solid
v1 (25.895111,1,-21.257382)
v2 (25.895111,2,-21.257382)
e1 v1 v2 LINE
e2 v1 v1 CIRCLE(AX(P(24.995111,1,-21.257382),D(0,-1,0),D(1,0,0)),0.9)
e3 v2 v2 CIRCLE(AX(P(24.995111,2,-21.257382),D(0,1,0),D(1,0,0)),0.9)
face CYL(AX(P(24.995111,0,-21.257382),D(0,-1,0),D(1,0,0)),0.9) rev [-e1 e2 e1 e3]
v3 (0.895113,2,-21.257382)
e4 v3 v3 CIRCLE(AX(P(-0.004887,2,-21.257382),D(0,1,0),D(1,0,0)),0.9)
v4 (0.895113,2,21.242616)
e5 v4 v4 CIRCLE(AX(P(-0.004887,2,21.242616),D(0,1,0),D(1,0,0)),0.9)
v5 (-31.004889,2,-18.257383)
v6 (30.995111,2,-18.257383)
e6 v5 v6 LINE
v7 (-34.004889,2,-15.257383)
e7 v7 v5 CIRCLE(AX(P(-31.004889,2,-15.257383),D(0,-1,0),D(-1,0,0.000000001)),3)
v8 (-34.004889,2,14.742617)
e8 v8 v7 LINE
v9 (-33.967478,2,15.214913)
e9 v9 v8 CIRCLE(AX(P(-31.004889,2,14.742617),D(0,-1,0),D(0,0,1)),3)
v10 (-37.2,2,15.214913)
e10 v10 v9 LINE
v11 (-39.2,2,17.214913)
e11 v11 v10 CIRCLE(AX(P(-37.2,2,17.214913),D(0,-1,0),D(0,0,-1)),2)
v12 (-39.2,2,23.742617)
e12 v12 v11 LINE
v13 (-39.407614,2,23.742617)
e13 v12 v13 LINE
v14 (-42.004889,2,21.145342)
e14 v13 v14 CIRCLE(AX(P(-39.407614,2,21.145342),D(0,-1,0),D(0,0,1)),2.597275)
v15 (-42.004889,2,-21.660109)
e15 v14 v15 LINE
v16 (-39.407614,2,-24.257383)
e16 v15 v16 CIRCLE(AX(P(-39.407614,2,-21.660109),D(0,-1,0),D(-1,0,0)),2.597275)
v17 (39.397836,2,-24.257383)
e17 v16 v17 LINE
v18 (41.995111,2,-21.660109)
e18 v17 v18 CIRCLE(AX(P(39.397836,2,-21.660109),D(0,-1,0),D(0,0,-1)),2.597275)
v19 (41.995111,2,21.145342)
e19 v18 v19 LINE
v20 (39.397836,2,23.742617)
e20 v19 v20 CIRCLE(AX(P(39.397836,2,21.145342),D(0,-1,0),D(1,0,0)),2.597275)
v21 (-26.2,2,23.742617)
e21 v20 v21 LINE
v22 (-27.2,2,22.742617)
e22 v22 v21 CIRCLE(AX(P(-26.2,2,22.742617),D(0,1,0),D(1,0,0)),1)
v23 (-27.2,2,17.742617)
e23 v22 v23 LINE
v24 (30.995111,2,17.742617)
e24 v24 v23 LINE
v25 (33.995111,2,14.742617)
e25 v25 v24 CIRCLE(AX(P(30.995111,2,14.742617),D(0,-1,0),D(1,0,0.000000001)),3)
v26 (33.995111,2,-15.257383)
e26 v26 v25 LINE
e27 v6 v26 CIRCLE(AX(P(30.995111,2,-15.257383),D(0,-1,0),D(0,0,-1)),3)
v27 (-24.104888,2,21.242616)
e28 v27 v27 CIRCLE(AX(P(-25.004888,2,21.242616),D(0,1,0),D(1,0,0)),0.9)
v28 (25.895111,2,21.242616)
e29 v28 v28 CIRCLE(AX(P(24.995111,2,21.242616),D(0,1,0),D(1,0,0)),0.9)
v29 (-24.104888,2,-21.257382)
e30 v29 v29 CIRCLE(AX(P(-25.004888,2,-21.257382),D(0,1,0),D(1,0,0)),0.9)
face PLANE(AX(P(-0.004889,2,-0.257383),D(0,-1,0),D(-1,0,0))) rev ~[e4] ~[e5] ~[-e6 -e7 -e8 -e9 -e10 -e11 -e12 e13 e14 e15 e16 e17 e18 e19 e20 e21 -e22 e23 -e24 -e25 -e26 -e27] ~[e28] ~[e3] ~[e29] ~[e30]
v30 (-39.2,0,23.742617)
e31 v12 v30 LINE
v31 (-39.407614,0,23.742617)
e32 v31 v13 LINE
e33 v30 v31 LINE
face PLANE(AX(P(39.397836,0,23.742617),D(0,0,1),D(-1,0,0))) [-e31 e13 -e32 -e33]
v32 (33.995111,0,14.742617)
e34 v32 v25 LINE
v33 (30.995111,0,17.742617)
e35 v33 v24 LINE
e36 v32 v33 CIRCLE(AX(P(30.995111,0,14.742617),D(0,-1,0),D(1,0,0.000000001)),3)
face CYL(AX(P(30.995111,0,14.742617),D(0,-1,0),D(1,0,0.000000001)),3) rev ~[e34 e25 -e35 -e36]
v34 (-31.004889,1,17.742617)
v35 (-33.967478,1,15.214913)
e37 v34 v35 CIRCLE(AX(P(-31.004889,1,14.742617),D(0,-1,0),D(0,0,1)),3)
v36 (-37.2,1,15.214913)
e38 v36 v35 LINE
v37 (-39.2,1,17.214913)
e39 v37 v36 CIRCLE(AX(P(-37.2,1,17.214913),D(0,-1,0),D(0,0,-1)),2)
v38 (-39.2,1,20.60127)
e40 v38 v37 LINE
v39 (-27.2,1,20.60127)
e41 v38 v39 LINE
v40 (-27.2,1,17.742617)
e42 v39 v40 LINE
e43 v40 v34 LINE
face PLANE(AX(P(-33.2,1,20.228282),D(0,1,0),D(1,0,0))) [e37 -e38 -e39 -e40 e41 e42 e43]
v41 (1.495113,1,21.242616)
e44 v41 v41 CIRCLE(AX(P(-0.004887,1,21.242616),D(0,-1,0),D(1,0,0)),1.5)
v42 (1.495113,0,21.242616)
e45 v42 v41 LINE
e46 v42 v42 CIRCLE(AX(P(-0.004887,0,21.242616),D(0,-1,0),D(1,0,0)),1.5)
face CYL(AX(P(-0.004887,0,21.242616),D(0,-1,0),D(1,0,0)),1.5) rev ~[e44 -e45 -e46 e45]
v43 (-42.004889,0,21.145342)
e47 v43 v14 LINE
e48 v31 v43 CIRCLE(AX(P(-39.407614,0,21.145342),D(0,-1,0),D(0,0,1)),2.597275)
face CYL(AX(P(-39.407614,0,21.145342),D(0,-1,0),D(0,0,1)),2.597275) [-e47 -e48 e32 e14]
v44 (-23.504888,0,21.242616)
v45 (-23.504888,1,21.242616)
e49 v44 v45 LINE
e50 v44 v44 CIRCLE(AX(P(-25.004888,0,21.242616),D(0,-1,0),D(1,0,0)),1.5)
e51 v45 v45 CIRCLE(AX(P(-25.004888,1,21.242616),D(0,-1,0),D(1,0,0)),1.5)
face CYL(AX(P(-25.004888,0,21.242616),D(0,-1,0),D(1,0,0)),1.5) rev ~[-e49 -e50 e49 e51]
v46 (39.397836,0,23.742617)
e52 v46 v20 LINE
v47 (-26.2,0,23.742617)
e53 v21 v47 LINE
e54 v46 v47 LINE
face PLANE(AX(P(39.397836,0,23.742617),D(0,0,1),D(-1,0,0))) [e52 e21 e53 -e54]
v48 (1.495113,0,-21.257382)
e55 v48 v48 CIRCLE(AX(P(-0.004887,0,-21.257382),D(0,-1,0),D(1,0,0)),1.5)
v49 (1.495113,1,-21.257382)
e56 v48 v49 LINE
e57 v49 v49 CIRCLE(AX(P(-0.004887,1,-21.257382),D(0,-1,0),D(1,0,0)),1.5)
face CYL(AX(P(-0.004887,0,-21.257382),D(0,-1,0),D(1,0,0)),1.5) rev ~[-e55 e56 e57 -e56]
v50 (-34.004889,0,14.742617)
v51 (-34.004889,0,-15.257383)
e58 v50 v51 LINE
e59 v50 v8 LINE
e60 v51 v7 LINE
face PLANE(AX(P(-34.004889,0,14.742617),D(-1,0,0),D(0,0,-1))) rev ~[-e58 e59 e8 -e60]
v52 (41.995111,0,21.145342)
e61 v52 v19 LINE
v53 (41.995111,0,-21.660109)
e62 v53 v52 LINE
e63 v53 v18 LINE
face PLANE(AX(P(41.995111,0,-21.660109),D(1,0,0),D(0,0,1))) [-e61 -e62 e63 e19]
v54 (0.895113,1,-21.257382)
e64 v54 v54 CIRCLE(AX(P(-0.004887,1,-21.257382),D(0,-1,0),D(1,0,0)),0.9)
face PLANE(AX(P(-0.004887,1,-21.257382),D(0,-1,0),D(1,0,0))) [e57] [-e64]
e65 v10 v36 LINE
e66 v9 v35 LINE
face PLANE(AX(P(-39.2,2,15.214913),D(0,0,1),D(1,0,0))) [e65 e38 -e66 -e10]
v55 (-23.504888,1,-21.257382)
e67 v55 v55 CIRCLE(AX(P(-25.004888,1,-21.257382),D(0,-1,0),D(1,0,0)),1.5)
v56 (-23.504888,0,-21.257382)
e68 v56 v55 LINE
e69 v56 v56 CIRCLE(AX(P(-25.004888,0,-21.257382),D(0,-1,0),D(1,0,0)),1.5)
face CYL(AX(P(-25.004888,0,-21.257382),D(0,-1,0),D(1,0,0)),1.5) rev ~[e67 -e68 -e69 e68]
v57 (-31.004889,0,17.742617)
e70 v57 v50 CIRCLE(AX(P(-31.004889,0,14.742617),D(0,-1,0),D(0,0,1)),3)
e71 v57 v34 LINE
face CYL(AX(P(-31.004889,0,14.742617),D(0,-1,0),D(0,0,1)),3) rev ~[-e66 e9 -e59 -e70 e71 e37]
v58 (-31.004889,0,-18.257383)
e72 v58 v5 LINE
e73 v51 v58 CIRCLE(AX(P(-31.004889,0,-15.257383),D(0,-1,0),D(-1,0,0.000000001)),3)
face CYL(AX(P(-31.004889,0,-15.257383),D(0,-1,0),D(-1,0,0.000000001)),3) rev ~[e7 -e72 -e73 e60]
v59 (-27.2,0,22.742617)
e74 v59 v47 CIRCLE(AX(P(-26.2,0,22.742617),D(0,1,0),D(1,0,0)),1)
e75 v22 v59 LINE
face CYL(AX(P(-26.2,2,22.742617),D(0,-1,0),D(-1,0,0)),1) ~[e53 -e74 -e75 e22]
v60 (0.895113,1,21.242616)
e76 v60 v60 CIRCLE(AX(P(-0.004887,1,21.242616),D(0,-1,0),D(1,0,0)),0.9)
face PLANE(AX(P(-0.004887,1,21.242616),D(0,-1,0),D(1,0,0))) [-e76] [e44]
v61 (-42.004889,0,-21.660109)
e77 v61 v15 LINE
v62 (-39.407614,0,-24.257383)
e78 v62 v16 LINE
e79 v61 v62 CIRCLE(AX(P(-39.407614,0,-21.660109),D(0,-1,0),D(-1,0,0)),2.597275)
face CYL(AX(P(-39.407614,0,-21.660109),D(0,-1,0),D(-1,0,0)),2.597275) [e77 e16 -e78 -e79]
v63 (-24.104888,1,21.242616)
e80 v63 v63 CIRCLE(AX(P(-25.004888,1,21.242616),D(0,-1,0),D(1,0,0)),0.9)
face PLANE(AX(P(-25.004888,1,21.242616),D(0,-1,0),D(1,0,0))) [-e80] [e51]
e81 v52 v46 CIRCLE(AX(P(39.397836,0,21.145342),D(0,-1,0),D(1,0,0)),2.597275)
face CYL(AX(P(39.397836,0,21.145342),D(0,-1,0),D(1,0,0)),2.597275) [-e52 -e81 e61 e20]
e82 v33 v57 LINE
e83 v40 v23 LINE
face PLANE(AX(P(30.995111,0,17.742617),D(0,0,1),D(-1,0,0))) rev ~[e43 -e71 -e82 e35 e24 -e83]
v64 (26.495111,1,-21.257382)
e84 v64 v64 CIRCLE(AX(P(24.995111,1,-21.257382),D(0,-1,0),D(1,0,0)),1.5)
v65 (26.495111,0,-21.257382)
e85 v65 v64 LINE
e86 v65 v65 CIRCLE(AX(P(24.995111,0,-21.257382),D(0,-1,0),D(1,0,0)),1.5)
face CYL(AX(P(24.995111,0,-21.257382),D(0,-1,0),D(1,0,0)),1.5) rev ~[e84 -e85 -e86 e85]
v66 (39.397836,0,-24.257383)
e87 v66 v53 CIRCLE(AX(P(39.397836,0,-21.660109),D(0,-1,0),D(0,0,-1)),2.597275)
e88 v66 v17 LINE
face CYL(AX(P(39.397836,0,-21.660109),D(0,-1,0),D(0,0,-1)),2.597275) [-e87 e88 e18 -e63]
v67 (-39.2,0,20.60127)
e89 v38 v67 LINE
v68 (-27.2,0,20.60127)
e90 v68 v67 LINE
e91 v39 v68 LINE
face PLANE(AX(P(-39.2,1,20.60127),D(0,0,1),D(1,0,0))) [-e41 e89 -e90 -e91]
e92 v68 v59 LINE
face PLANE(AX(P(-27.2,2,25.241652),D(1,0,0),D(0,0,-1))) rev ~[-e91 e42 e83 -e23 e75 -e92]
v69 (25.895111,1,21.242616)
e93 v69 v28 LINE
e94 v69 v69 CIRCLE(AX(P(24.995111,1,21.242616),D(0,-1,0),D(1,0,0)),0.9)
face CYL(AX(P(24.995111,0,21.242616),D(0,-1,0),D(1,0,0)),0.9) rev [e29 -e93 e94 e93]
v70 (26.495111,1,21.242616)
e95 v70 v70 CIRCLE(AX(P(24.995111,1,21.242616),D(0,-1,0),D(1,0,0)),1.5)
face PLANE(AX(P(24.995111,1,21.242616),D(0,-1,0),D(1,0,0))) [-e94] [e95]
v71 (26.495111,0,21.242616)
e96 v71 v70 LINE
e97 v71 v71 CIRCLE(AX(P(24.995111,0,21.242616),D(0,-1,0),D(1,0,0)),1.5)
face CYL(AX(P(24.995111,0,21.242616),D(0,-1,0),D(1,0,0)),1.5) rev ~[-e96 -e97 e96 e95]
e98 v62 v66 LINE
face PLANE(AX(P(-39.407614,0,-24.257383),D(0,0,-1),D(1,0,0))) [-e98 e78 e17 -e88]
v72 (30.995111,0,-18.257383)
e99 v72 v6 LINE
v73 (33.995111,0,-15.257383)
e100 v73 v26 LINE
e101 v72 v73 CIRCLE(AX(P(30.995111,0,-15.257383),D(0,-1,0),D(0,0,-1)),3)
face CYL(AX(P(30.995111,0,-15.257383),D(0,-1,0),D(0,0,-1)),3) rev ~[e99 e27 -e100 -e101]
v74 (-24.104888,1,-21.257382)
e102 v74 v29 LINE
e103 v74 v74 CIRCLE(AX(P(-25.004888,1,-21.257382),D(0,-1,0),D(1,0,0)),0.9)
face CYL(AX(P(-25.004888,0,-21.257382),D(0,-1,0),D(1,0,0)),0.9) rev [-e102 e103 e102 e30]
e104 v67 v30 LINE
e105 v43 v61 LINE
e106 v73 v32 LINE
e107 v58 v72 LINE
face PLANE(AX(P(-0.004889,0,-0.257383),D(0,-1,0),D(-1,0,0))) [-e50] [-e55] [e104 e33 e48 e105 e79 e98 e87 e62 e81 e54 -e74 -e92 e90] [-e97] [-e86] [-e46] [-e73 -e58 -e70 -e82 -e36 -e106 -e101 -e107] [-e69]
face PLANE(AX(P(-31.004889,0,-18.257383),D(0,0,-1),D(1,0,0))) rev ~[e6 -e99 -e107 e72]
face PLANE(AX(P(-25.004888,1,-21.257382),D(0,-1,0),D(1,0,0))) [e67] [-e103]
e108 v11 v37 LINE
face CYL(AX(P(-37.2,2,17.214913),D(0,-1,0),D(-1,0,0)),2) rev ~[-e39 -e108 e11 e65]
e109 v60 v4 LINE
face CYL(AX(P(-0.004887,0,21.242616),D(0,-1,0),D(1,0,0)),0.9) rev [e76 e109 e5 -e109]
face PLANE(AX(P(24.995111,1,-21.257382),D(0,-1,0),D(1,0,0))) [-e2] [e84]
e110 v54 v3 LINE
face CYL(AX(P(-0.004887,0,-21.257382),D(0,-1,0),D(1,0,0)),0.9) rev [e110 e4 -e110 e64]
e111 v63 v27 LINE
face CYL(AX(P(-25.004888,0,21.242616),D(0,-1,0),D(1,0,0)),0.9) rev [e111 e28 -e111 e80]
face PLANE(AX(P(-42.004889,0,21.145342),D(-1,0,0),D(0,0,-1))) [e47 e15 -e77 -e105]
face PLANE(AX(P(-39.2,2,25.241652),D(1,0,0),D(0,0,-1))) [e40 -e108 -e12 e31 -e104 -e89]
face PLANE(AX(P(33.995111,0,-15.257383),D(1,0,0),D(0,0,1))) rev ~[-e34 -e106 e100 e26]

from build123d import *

# Parameters (mm, degrees)
SKETCH_1_R          = 0.9
EXTRUDE_1_DEPTH     = 2
SKETCH_8_W          = 12
SKETCH_8_H          = 10.026739303
CUT_EXTRUDE_4_DEPTH = 1
SKETCH_9_R          = 1.5
CUT_EXTRUDE_7_DEPTH = 1
FILLET_1_R          = 2
SKETCH_10_W         = 12
SKETCH_10_H         = 6.28269209
CUT_EXTRUDE_8_DEPTH = 2
FILLET_2_R          = 1


with BuildPart() as part:
    # 草图1 → 凸台-拉伸1 (new body)
    with BuildSketch(Plane(origin=(0, 0, 0), x_dir=(1, 0, 0), z_dir=(0, 1, 0))):
        with BuildLine():
            Line((-39.407613887, 24.257383456), (39.397836405, 24.257383456))
            ThreePointArc((39.397836405, 24.257383456), (41.234387067, 23.496659264), (41.995111259, 21.660108602))
            Line((41.995111259, 21.660108602), (41.995111259, -21.14534169))
            ThreePointArc((41.995111259, -21.14534169), (41.234387067, -22.981892352), (39.397836405, -23.742616544))
            Line((39.397836405, -23.742616544), (-39.407613887, -23.742616544))
            ThreePointArc((-39.407613887, -23.742616544), (-41.244164549, -22.981892352), (-42.004888741, -21.14534169))
            Line((-42.004888741, -21.14534169), (-42.004888741, 21.660108602))
            ThreePointArc((-42.004888741, 21.660108602), (-41.244164549, 23.496659264), (-39.407613887, 24.257383456))
        make_face()
        with Locations((-25.004888281, 21.257382356)):
            Circle(SKETCH_1_R, mode=Mode.SUBTRACT)
        with Locations((-0.004887481, 21.257382356)):
            Circle(SKETCH_1_R, mode=Mode.SUBTRACT)
        with Locations((24.995110779, 21.257382356)):
            Circle(SKETCH_1_R, mode=Mode.SUBTRACT)
        with Locations((24.995110779, -21.242616464)):
            Circle(SKETCH_1_R, mode=Mode.SUBTRACT)
        with Locations((-0.004887481, -21.242616464)):
            Circle(SKETCH_1_R, mode=Mode.SUBTRACT)
        with Locations((-25.004888281, -21.242616464)):
            Circle(SKETCH_1_R, mode=Mode.SUBTRACT)
        with BuildLine():
            Line((-31.004888741, 18.257383456), (30.995111259, 18.257383456))
            ThreePointArc((30.995111259, 18.257383456), (33.116431602, 17.3787038), (33.995111259, 15.257383456))
            Line((33.995111259, 15.257383456), (33.995111259, -14.742616544))
            ThreePointArc((33.995111259, -14.742616544), (33.116431602, -16.863936887), (30.995111259, -17.742616544))
            Line((30.995111259, -17.742616544), (-31.004888741, -17.742616544))
            ThreePointArc((-31.004888741, -17.742616544), (-33.126209085, -16.863936887), (-34.004888741, -14.742616544))
            Line((-34.004888741, -14.742616544), (-34.004888741, 15.257383456))
            ThreePointArc((-34.004888741, 15.257383456), (-33.126209085, 17.3787038), (-31.004888741, 18.257383456))
        make_face(mode=Mode.SUBTRACT)
    extrude(amount=EXTRUDE_1_DEPTH)

    # 草图8 → 切除-拉伸4 (cut)
    with BuildSketch(Plane(origin=(0, 2, 0), x_dir=(1, 0, 0), z_dir=(0, 1, 0))):
        with Locations((-33.2, -20.228282189)):
            Rectangle(SKETCH_8_W, SKETCH_8_H)
    extrude(amount=-CUT_EXTRUDE_4_DEPTH, mode=Mode.SUBTRACT)

    # 草图9 → 切除-拉伸7 (cut)
    with BuildSketch(Plane.XZ):
        with Locations((-25.004888281, 21.242616464)):
            Circle(SKETCH_9_R)
        with Locations((-0.004887481, 21.242616464)):
            Circle(SKETCH_9_R)
        with Locations((24.995110779, 21.242616464)):
            Circle(SKETCH_9_R)
        with Locations((-25.004888281, -21.257382356)):
            Circle(SKETCH_9_R)
        with Locations((-0.004887481, -21.257382356)):
            Circle(SKETCH_9_R)
        with Locations((24.995110779, -21.257382356)):
            Circle(SKETCH_9_R)
    extrude(amount=-CUT_EXTRUDE_7_DEPTH, mode=Mode.SUBTRACT)

    # 圆角1
    fillet_1_edges = [part.edges().sort_by_distance(p)[0] for p in [
        (-39.2, 1.5, 15.214912538),
    ]]
    fillet(fillet_1_edges, radius=FILLET_1_R)

    # 草图10 → 切除-拉伸8 (cut, through all)
    with BuildSketch(Plane(origin=(0, 1, 0), x_dir=(1, 0, 0), z_dir=(0, 1, 0))):
        with Locations((-33.2, -23.742616544)):
            Rectangle(SKETCH_10_W, SKETCH_10_H)
    extrude(amount=-CUT_EXTRUDE_8_DEPTH, mode=Mode.SUBTRACT)

    # 圆角2
    fillet_2_edges = [part.edges().sort_by_distance(p)[0] for p in [
        (-27.2, 1, 23.742616544),
    ]]
    fillet(fillet_2_edges, radius=FILLET_2_R)


solid = part.part
